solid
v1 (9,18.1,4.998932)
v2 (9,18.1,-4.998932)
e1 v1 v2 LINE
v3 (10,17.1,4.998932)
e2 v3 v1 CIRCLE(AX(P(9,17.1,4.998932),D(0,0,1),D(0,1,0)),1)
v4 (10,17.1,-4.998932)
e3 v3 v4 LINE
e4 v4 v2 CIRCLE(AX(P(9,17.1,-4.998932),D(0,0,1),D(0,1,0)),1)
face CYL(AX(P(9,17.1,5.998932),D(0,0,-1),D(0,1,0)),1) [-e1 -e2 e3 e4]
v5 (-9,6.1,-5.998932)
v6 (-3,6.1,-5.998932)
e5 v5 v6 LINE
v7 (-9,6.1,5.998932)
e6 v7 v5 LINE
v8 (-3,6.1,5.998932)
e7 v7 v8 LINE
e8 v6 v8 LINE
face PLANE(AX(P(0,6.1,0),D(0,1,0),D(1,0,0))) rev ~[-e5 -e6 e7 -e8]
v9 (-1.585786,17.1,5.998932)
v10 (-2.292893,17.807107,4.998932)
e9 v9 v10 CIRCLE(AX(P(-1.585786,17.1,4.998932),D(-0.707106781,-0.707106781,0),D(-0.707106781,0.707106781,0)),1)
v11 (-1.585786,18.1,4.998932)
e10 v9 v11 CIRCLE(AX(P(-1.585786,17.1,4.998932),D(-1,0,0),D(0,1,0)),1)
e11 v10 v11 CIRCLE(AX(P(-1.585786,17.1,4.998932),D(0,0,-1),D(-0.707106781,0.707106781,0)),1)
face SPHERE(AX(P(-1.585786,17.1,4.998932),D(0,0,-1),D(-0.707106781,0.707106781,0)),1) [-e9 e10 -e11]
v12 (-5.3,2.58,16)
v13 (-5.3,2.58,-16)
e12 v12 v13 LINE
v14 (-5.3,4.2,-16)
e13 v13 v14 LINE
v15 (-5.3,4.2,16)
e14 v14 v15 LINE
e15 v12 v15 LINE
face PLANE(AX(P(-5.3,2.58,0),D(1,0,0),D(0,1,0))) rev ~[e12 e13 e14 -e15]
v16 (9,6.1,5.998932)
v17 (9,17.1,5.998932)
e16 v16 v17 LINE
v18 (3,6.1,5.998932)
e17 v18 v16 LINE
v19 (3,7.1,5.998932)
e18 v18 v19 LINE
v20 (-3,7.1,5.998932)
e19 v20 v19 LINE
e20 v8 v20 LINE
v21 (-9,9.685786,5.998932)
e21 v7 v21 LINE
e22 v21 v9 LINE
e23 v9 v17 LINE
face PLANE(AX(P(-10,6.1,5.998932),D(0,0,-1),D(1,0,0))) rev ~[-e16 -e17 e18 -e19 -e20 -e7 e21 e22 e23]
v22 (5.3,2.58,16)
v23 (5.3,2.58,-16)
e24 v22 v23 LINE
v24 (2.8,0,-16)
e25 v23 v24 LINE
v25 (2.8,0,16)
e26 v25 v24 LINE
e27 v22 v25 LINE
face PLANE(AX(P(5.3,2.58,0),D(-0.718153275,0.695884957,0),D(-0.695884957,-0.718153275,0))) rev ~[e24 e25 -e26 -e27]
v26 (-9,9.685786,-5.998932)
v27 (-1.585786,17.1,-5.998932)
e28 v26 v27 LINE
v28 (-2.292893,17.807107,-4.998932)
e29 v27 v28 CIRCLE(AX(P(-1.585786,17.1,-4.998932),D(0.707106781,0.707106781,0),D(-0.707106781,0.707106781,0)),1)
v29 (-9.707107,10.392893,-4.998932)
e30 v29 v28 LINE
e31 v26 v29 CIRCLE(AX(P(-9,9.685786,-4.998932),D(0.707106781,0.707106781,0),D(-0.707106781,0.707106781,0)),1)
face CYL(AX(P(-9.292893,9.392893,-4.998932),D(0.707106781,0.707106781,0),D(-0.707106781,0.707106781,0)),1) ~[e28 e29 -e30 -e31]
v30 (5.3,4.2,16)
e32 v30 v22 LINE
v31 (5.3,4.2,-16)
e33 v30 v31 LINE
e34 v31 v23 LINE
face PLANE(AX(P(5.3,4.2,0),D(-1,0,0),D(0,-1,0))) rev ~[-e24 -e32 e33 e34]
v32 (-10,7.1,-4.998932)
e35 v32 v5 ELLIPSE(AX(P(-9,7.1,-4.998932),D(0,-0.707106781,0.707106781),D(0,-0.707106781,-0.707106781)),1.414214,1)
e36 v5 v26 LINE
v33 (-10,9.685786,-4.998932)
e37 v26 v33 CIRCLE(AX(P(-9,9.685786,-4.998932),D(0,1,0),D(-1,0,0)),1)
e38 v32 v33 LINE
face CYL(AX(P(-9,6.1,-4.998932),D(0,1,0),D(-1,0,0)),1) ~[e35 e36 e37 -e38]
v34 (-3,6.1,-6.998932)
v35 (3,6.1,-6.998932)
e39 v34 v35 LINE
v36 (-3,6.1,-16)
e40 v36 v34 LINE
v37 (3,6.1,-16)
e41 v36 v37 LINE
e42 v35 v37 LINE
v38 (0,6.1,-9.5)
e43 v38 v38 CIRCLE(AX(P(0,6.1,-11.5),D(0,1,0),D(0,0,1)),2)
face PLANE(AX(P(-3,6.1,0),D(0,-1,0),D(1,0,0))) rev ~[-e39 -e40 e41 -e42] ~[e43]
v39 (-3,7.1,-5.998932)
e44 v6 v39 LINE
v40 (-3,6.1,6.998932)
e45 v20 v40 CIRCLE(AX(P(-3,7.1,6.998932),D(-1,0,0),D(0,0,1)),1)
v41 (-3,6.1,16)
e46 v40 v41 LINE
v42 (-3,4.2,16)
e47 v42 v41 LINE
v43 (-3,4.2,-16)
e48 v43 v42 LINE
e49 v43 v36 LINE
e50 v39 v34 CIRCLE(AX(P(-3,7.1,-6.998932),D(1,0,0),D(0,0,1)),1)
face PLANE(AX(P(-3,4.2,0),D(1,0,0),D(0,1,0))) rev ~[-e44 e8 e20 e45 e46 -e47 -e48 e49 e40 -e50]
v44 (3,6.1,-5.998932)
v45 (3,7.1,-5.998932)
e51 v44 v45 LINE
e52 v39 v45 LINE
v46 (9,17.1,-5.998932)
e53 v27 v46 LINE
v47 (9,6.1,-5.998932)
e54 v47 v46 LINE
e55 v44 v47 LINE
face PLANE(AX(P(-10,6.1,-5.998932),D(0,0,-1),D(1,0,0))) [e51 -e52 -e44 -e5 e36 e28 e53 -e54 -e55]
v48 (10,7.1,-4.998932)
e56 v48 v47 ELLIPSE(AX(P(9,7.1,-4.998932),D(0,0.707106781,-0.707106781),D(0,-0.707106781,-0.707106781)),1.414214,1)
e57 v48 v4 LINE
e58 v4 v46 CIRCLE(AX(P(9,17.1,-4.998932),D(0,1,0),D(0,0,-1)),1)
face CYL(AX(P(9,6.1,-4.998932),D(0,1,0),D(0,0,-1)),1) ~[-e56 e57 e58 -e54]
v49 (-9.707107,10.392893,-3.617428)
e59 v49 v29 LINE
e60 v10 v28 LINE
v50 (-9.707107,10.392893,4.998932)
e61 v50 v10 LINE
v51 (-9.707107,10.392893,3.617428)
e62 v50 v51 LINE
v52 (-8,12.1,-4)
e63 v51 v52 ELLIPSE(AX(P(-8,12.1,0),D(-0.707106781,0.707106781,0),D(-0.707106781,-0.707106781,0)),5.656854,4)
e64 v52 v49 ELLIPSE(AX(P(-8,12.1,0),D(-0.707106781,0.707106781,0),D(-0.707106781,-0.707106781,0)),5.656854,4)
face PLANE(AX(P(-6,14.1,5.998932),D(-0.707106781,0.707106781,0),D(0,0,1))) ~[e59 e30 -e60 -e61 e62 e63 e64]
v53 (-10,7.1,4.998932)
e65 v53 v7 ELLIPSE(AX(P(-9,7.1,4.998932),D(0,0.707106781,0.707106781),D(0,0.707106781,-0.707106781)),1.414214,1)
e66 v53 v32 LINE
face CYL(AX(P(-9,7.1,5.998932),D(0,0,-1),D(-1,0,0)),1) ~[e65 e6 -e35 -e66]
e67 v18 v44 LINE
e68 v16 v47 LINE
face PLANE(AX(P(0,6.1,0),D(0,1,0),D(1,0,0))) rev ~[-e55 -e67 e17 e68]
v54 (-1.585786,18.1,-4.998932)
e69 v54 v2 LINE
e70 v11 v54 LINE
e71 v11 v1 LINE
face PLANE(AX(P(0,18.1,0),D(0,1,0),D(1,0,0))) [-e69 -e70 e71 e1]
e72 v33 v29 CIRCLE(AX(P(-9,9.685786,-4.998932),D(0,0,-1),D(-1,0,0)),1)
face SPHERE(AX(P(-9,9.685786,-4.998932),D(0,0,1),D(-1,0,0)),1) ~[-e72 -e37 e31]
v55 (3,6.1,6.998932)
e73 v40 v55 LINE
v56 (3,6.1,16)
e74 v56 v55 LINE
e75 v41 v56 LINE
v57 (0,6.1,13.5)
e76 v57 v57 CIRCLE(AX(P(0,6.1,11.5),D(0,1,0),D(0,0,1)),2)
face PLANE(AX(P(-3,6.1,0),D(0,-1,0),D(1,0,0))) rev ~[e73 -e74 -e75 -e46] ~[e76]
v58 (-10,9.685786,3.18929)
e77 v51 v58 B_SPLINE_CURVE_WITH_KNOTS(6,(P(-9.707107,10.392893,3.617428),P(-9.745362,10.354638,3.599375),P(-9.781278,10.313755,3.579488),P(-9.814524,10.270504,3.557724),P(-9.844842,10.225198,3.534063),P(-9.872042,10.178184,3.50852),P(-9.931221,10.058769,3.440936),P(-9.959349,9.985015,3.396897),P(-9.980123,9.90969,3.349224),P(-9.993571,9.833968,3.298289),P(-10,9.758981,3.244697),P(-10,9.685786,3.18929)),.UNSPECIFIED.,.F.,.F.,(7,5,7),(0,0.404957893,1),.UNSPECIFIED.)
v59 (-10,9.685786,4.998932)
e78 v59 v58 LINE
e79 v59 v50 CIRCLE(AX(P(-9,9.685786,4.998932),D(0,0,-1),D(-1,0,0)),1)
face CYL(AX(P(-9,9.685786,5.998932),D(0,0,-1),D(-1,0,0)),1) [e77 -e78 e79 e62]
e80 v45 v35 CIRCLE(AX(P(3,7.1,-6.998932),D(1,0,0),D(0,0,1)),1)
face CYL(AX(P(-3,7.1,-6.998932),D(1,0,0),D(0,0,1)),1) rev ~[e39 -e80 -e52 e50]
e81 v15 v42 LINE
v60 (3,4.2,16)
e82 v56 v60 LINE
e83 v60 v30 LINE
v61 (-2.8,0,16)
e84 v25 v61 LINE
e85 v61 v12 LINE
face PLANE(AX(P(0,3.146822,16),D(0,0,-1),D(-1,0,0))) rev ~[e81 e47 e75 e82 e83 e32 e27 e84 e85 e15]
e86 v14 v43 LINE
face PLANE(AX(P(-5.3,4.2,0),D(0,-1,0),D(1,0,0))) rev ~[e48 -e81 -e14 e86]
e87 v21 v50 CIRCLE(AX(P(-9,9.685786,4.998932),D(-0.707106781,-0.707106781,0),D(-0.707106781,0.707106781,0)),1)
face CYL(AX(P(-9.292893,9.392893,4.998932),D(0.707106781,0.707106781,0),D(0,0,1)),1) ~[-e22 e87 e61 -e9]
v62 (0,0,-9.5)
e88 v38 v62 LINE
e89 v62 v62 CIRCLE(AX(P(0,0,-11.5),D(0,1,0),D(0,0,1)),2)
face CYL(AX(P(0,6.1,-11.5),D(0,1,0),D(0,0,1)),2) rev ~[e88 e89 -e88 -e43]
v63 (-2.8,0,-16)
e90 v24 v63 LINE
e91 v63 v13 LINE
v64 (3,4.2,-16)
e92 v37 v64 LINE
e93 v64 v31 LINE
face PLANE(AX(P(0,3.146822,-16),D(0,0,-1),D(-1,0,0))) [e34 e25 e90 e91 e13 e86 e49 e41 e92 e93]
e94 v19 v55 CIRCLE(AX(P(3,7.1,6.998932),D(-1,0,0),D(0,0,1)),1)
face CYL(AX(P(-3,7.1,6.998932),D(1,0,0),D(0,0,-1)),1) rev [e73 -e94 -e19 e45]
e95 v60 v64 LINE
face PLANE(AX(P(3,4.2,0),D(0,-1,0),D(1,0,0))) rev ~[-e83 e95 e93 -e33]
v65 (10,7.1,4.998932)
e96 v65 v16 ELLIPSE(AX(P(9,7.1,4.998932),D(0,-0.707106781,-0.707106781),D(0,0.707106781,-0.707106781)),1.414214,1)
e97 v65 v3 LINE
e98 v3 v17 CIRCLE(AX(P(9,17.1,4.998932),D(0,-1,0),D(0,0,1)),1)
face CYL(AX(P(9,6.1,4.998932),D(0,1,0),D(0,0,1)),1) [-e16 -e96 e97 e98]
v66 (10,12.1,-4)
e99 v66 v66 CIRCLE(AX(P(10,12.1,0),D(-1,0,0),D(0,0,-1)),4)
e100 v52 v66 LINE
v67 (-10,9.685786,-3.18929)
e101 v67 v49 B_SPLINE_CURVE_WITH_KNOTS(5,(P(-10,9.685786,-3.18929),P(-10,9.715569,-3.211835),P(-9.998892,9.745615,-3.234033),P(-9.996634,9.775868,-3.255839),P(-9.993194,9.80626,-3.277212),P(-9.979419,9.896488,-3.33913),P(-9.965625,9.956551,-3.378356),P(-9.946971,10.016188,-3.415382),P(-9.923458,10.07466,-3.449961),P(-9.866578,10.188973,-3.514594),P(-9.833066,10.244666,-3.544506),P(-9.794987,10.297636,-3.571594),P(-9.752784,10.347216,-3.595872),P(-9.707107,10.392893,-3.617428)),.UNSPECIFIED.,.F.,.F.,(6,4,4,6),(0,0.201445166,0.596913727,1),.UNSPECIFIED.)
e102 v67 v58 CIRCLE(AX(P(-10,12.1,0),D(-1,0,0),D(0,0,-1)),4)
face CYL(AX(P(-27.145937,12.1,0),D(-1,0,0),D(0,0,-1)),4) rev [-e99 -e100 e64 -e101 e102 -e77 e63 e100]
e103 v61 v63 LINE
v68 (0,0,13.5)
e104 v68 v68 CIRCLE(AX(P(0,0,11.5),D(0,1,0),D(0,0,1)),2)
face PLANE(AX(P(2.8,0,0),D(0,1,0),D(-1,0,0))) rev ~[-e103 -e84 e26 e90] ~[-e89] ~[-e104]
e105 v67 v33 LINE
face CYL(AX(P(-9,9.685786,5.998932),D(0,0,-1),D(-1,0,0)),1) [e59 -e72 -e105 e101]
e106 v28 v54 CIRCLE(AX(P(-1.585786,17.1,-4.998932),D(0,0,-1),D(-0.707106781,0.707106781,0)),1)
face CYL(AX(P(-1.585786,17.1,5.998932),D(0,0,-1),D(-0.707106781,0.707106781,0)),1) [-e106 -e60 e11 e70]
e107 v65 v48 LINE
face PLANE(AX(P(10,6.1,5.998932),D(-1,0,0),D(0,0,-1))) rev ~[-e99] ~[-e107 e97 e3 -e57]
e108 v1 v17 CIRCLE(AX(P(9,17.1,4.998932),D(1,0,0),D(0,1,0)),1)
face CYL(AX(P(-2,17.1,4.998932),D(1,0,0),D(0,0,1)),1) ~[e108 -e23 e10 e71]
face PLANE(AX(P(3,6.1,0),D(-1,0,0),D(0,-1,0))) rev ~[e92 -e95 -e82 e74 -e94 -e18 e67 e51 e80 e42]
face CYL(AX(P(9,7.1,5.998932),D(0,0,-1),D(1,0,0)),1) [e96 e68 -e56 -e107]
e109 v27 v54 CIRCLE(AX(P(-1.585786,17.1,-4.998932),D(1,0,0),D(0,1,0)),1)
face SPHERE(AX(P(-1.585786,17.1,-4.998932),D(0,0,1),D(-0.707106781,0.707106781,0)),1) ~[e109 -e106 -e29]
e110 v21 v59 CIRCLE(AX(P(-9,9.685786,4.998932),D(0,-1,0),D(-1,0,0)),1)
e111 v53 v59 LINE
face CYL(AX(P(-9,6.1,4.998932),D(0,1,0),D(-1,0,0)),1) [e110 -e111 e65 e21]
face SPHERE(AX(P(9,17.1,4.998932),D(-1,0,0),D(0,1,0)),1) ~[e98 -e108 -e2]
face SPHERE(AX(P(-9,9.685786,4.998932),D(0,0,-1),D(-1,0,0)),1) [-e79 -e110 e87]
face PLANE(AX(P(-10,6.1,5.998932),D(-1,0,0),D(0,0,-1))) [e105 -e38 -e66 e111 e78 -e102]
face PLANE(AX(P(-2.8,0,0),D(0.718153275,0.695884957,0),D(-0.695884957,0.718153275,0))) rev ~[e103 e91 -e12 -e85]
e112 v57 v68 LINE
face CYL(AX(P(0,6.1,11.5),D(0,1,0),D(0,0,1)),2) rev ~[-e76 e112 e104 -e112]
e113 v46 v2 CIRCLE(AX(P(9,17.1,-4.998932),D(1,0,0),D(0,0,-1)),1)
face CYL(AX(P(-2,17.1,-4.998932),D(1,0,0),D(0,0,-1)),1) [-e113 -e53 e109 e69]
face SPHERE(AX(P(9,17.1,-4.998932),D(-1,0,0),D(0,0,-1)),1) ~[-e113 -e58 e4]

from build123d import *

# Parameters (mm, degrees)
BOSS_EXTRUDE1_DEPTH     = 16
SKETCH2_W               = 20
SKETCH2_H               = 11.997864578
BOSS_EXTRUDE2_DEPTH     = 12
CHAMFER1_SIZE           = 8
FILLET1_R               = 1
CUT_EXTRUDE1_DEPTH      = 27.145936587
CUT_EXTRUDE1_DEPTH_BACK = 27.145936587
SKETCH3_R               = 4
SKETCH4_R               = 2
CUT_EXTRUDE2_DEPTH      = 23.36067982


with BuildPart() as part:
    # Sketch1 → Boss-Extrude1 (new, symmetric)
    with BuildSketch(Plane.XY):
        Polygon((-3, 6.1), (3, 6.1), (3, 4.2), (5.3, 4.2), (5.3, 2.58), (2.8, 0), (-2.8, 0), (-5.3, 2.58), (-5.3, 4.2), (-3, 4.2), align=None)
    extrude(amount=BOSS_EXTRUDE1_DEPTH, both=True)

    # Sketch2 → Boss-Extrude2 (add)
    with BuildSketch(Plane(origin=(0, 6.1, 0), x_dir=(1, 0, 0), z_dir=(0, 1, 0))):
        Rectangle(SKETCH2_W, SKETCH2_H)
    extrude(amount=BOSS_EXTRUDE2_DEPTH)

    # Chamfer1
    chamfer1_edges = [part.edges().sort_by_distance(p)[0] for p in [
        (-10, 18.1, 0),
    ]]
    chamfer(chamfer1_edges, length=CHAMFER1_SIZE)

    # Fillet1
    fillet1_edges = [part.edges().sort_by_distance(p)[0] for p in [
        (0, 6.1, -5.998932289),
        (0, 6.1, 5.998932289),
        (-10, 6.1, 0),
        (-10, 8.1, 5.998932289),
        (-10, 8.1, -5.998932289),
        (10, 6.1, 0),
        (-6, 14.1, 5.998932289),
        (-6, 14.1, -5.998932289),
        (4, 18.1, -5.998932289),
        (4, 18.1, 5.998932289),
        (10, 12.1, -5.998932289),
        (10, 18.1, 0),
        (10, 12.1, 5.998932289),
        (-2, 18.1, 0),
        (-10, 10.1, 0),
    ]]
    fillet(fillet1_edges, radius=FILLET1_R)

    # Sketch3 → Cut-Extrude1 (cut, two sides: drawn at the far end of the back side and taken through both)
    with BuildSketch(Plane(origin=(0, 0, 0), x_dir=(0, 0, -1), z_dir=(1, 0, 0)).offset(-CUT_EXTRUDE1_DEPTH_BACK)):
        with Locations((0, 12.1)):
            Circle(SKETCH3_R)
    extrude(amount=CUT_EXTRUDE1_DEPTH + CUT_EXTRUDE1_DEPTH_BACK, mode=Mode.SUBTRACT)

    # Sketch4 → Cut-Extrude2 (cut, through all)
    with BuildSketch(Plane(origin=(0, 6.1, 0), x_dir=(1, 0, 0), z_dir=(0, 1, 0))):
        with Locations(Location((0, 11.5, 0), (0, 0, 270))):
            Circle(SKETCH4_R)
        with Locations(Location((0, -11.5, 0), (0, 0, 270))):
            Circle(SKETCH4_R)
    extrude(amount=-CUT_EXTRUDE2_DEPTH, mode=Mode.SUBTRACT)


solid = part.part
